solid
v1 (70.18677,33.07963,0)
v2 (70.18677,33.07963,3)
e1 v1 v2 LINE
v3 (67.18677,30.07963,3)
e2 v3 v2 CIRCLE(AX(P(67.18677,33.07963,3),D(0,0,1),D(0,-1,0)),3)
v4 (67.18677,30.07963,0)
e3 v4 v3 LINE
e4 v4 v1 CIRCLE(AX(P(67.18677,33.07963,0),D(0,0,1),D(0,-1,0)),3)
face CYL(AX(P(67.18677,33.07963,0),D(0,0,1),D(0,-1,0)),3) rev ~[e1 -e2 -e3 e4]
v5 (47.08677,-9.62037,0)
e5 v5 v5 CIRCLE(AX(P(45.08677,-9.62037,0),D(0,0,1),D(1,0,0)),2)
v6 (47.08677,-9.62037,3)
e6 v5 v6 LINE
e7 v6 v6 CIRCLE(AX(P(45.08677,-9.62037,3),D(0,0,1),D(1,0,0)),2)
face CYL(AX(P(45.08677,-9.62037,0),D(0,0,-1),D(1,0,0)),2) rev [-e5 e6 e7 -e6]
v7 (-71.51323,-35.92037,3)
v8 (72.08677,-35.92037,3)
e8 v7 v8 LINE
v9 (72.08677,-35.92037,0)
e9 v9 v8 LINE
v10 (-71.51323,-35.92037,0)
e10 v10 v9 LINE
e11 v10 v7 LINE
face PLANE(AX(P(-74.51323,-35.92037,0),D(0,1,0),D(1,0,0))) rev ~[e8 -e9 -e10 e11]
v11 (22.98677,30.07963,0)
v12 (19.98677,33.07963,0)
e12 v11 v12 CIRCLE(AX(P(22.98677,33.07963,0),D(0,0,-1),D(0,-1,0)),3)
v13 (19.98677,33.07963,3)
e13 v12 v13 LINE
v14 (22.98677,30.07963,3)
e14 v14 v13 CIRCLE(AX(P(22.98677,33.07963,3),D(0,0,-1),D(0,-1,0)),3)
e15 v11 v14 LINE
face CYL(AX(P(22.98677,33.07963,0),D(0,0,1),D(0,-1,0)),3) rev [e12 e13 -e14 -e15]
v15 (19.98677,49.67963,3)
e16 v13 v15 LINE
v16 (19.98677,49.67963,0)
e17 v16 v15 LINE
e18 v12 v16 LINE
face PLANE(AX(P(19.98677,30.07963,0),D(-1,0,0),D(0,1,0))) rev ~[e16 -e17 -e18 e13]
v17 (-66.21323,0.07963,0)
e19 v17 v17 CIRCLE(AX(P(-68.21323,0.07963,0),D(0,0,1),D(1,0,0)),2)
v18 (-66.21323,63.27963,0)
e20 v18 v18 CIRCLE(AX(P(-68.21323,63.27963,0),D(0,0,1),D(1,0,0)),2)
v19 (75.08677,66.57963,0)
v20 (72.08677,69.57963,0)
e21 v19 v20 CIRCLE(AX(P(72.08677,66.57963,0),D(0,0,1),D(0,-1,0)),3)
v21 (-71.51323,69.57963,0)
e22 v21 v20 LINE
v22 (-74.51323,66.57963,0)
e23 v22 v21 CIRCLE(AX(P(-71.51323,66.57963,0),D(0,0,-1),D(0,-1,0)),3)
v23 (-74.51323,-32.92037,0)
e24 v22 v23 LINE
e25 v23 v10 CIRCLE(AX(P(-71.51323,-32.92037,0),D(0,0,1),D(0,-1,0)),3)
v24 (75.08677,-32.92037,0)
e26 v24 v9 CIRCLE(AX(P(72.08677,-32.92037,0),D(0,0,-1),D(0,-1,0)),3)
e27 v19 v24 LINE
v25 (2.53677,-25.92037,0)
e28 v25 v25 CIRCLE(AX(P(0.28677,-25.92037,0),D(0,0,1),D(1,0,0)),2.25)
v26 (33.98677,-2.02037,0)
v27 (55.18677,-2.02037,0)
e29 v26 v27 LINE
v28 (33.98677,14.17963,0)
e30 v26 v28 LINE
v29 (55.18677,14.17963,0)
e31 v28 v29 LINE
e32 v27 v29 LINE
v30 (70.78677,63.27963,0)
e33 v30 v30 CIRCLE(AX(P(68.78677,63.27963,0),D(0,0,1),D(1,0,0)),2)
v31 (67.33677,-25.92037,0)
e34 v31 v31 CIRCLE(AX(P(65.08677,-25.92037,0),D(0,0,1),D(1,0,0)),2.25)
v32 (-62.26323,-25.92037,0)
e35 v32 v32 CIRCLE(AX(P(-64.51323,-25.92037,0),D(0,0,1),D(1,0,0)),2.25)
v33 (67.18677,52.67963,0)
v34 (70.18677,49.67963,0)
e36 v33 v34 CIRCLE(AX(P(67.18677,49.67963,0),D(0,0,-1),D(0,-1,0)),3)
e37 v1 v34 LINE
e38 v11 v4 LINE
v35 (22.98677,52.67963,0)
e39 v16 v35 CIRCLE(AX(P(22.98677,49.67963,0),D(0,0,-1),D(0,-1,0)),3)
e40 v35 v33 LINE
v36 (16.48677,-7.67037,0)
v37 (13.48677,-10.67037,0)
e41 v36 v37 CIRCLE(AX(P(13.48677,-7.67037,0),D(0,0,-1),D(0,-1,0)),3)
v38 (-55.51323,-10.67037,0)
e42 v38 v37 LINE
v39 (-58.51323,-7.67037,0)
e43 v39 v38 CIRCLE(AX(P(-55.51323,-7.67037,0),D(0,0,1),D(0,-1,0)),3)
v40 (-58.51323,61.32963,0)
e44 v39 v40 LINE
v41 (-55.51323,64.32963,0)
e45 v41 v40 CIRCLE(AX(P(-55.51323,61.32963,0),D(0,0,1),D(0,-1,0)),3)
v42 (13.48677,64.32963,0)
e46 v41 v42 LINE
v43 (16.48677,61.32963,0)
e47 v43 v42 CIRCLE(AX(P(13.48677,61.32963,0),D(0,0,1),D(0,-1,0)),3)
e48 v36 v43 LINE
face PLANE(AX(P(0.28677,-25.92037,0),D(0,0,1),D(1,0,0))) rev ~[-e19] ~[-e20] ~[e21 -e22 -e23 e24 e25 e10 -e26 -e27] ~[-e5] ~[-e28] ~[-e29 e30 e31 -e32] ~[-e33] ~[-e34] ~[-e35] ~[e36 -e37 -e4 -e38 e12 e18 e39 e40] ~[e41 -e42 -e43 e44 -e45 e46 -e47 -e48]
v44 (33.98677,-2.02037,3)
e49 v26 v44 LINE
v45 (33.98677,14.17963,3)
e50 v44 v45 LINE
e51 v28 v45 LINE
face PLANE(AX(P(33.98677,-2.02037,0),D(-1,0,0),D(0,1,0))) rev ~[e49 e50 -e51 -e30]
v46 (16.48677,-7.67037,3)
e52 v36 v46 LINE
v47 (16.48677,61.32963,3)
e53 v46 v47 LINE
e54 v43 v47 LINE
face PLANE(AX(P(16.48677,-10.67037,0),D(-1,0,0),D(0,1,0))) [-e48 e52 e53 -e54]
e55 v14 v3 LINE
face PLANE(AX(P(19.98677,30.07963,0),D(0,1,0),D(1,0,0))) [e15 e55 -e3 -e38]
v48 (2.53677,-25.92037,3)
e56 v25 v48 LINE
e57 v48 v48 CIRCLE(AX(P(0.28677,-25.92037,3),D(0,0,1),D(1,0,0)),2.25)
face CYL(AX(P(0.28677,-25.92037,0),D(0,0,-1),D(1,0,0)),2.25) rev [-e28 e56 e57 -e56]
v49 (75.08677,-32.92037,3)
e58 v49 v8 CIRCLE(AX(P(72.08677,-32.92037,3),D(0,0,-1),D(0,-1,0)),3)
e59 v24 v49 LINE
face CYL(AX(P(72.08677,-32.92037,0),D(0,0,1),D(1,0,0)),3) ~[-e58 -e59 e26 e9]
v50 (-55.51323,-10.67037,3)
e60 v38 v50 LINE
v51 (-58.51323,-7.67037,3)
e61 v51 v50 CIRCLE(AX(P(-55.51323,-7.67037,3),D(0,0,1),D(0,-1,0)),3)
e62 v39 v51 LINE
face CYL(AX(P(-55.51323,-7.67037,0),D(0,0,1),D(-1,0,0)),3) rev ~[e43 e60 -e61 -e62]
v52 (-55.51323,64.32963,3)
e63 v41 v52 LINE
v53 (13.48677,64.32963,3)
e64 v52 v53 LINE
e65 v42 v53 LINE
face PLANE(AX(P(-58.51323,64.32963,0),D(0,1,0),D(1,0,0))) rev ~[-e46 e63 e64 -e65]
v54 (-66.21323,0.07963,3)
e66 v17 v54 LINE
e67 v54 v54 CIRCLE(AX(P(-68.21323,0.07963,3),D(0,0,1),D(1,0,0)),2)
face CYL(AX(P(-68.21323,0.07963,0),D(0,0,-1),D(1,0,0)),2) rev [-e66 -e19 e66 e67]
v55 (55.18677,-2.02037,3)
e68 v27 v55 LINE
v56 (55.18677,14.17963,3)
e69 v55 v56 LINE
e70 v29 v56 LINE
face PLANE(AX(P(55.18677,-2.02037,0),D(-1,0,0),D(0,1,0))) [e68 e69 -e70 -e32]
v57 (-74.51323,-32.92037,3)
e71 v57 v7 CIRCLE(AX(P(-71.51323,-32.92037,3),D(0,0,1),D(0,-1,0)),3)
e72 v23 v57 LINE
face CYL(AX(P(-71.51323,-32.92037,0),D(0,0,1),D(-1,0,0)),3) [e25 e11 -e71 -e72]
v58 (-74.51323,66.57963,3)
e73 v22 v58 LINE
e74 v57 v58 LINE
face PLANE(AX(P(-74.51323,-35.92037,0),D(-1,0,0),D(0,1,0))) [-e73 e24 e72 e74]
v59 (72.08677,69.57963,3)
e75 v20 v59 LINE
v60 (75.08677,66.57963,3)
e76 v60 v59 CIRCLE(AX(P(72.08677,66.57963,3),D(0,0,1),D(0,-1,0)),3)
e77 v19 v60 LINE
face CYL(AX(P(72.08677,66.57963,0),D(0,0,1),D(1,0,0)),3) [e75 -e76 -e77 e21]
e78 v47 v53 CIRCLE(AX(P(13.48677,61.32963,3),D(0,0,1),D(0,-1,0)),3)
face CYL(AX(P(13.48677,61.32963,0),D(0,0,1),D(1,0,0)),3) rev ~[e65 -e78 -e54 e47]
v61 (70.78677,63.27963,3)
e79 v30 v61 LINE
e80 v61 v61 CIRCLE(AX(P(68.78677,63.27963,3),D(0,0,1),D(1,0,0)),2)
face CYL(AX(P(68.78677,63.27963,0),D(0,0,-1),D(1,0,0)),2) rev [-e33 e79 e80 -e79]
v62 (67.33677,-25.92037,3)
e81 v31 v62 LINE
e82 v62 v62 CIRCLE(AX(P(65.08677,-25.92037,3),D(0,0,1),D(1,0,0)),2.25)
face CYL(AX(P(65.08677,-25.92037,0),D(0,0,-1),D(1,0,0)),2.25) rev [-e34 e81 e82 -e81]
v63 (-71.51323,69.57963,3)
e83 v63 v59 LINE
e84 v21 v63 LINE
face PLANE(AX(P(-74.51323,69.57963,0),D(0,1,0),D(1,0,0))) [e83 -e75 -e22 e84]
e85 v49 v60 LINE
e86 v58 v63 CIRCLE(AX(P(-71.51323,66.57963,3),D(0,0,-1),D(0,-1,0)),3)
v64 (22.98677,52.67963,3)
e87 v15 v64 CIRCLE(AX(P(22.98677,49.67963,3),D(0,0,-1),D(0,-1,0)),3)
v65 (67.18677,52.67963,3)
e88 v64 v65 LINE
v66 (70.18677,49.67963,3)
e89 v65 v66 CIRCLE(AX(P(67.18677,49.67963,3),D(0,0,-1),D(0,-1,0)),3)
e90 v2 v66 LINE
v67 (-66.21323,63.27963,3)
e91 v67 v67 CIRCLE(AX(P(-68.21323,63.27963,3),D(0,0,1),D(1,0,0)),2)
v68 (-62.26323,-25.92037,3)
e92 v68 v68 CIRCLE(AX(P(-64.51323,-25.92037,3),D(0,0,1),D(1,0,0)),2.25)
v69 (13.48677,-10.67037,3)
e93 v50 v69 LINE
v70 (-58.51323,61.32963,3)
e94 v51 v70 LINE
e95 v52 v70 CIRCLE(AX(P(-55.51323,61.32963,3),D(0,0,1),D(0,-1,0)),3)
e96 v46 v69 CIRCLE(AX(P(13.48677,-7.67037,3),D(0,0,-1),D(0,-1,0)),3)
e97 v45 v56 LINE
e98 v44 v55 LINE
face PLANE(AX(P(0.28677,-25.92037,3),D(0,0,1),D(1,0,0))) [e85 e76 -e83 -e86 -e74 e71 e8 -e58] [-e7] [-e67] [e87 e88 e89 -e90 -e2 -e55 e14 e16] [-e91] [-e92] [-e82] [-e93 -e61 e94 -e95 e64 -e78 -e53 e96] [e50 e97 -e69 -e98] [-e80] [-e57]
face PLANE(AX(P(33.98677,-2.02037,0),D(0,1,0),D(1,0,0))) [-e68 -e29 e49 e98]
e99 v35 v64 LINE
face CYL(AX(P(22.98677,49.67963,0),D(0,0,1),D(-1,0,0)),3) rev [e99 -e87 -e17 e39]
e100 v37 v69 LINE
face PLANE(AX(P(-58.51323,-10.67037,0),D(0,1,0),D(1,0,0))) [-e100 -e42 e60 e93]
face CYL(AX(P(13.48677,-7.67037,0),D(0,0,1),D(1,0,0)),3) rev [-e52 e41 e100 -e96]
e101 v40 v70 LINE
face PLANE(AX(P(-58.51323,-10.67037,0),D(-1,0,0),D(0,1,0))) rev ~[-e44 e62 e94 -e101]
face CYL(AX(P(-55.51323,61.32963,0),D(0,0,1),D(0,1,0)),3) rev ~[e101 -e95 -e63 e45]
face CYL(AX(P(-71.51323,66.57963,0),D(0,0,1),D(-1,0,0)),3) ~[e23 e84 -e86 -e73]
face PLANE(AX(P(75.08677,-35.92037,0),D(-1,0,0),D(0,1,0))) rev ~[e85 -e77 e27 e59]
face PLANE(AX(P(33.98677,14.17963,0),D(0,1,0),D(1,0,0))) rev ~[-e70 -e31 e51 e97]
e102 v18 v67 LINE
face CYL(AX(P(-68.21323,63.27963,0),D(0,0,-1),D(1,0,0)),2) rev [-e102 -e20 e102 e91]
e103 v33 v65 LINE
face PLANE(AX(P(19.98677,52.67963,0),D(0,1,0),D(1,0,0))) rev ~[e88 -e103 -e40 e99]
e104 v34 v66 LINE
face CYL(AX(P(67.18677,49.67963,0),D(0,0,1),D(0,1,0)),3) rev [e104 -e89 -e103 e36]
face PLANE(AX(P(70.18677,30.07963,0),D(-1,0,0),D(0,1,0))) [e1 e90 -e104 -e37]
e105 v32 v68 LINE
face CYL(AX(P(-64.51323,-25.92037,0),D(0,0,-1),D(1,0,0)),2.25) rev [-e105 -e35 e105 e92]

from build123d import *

# Parameters (mm, degrees)
SZKIC1_W                    = 149.6
SZKIC1_H                    = 85.5
SZKIC1_R                    = 2
SZKIC1_W_2                  = 75
SZKIC1_H_2                  = 75
SZKIC1_W_3                  = 50.2
SZKIC1_H_3                  = 22.6
SZKIC1_W_4                  = 21.2
SZKIC1_H_4                  = 16.2
SZKIC1_H_5                  = 20
SZKIC1_R_2                  = 2.25
DODANIE_WYCI_GNI_CIE1_DEPTH = 3
ZAOKR_GLENIE1_R             = 3
ZAOKR_GLENIE2_R             = 3


with BuildPart() as part:
    # Szkic1 → Dodanie-wyciągnięcie1 (new body)
    # profile 1 of 2: a face of its own
    with BuildSketch(Plane.XY):
        with Locations((0.286770428, 26.82962954)):
            Rectangle(SZKIC1_W, SZKIC1_H)
        with Locations((45.086770428, -9.62037046)):
            Circle(SZKIC1_R, mode=Mode.SUBTRACT)
        with Locations((68.786770428, 63.27962954)):
            Circle(SZKIC1_R, mode=Mode.SUBTRACT)
        with Locations((-68.213229572, 0.07962954)):
            Circle(SZKIC1_R, mode=Mode.SUBTRACT)
        with Locations((-68.213229572, 63.27962954)):
            Circle(SZKIC1_R, mode=Mode.SUBTRACT)
        with Locations((-21.013229572, 26.82962954)):
            Rectangle(SZKIC1_W_2, SZKIC1_H_2, mode=Mode.SUBTRACT)
        with Locations((45.086770428, 41.37962954)):
            Rectangle(SZKIC1_W_3, SZKIC1_H_3, mode=Mode.SUBTRACT)
        with Locations((44.586770428, 6.07962954)):
            Rectangle(SZKIC1_W_4, SZKIC1_H_4, mode=Mode.SUBTRACT)
    # profile 2 of 2: a face of its own
    with BuildSketch(Plane.XY):
        with Locations((0.286770428, -25.92037046)):
            Rectangle(SZKIC1_W, SZKIC1_H_5)
        with Locations((65.086770428, -25.92037046)):
            Circle(SZKIC1_R_2, mode=Mode.SUBTRACT)
        with Locations((0.286770428, -25.92037046)):
            Circle(SZKIC1_R_2, mode=Mode.SUBTRACT)
        with Locations((-64.513229572, -25.92037046)):
            Circle(SZKIC1_R_2, mode=Mode.SUBTRACT)
    extrude(amount=DODANIE_WYCI_GNI_CIE1_DEPTH)

    # Zaokrąglenie1
    zaokr_glenie1_edges = [part.edges().sort_by_distance(p)[0] for p in [
        (-58.513229572, 64.32962954, 1.5),
        (-58.513229572, -10.67037046, 1.5),
        (16.486770428, -10.67037046, 1.5),
        (16.486770428, 64.32962954, 1.5),
        (75.086770428, -35.92037046, 1.5),
        (-74.513229572, -35.92037046, 1.5),
        (-74.513229572, 69.57962954, 1.5),
        (75.086770428, 69.57962954, 1.5),
    ]]
    fillet(zaokr_glenie1_edges, radius=ZAOKR_GLENIE1_R)

    # Zaokrąglenie2
    zaokr_glenie2_edges = [part.edges().sort_by_distance(p)[0] for p in [
        (19.986770428, 52.67962954, 1.5),
        (19.986770428, 30.07962954, 1.5),
        (70.186770428, 30.07962954, 1.5),
        (70.186770428, 52.67962954, 1.5),
    ]]
    fillet(zaokr_glenie2_edges, radius=ZAOKR_GLENIE2_R)


solid = part.part
